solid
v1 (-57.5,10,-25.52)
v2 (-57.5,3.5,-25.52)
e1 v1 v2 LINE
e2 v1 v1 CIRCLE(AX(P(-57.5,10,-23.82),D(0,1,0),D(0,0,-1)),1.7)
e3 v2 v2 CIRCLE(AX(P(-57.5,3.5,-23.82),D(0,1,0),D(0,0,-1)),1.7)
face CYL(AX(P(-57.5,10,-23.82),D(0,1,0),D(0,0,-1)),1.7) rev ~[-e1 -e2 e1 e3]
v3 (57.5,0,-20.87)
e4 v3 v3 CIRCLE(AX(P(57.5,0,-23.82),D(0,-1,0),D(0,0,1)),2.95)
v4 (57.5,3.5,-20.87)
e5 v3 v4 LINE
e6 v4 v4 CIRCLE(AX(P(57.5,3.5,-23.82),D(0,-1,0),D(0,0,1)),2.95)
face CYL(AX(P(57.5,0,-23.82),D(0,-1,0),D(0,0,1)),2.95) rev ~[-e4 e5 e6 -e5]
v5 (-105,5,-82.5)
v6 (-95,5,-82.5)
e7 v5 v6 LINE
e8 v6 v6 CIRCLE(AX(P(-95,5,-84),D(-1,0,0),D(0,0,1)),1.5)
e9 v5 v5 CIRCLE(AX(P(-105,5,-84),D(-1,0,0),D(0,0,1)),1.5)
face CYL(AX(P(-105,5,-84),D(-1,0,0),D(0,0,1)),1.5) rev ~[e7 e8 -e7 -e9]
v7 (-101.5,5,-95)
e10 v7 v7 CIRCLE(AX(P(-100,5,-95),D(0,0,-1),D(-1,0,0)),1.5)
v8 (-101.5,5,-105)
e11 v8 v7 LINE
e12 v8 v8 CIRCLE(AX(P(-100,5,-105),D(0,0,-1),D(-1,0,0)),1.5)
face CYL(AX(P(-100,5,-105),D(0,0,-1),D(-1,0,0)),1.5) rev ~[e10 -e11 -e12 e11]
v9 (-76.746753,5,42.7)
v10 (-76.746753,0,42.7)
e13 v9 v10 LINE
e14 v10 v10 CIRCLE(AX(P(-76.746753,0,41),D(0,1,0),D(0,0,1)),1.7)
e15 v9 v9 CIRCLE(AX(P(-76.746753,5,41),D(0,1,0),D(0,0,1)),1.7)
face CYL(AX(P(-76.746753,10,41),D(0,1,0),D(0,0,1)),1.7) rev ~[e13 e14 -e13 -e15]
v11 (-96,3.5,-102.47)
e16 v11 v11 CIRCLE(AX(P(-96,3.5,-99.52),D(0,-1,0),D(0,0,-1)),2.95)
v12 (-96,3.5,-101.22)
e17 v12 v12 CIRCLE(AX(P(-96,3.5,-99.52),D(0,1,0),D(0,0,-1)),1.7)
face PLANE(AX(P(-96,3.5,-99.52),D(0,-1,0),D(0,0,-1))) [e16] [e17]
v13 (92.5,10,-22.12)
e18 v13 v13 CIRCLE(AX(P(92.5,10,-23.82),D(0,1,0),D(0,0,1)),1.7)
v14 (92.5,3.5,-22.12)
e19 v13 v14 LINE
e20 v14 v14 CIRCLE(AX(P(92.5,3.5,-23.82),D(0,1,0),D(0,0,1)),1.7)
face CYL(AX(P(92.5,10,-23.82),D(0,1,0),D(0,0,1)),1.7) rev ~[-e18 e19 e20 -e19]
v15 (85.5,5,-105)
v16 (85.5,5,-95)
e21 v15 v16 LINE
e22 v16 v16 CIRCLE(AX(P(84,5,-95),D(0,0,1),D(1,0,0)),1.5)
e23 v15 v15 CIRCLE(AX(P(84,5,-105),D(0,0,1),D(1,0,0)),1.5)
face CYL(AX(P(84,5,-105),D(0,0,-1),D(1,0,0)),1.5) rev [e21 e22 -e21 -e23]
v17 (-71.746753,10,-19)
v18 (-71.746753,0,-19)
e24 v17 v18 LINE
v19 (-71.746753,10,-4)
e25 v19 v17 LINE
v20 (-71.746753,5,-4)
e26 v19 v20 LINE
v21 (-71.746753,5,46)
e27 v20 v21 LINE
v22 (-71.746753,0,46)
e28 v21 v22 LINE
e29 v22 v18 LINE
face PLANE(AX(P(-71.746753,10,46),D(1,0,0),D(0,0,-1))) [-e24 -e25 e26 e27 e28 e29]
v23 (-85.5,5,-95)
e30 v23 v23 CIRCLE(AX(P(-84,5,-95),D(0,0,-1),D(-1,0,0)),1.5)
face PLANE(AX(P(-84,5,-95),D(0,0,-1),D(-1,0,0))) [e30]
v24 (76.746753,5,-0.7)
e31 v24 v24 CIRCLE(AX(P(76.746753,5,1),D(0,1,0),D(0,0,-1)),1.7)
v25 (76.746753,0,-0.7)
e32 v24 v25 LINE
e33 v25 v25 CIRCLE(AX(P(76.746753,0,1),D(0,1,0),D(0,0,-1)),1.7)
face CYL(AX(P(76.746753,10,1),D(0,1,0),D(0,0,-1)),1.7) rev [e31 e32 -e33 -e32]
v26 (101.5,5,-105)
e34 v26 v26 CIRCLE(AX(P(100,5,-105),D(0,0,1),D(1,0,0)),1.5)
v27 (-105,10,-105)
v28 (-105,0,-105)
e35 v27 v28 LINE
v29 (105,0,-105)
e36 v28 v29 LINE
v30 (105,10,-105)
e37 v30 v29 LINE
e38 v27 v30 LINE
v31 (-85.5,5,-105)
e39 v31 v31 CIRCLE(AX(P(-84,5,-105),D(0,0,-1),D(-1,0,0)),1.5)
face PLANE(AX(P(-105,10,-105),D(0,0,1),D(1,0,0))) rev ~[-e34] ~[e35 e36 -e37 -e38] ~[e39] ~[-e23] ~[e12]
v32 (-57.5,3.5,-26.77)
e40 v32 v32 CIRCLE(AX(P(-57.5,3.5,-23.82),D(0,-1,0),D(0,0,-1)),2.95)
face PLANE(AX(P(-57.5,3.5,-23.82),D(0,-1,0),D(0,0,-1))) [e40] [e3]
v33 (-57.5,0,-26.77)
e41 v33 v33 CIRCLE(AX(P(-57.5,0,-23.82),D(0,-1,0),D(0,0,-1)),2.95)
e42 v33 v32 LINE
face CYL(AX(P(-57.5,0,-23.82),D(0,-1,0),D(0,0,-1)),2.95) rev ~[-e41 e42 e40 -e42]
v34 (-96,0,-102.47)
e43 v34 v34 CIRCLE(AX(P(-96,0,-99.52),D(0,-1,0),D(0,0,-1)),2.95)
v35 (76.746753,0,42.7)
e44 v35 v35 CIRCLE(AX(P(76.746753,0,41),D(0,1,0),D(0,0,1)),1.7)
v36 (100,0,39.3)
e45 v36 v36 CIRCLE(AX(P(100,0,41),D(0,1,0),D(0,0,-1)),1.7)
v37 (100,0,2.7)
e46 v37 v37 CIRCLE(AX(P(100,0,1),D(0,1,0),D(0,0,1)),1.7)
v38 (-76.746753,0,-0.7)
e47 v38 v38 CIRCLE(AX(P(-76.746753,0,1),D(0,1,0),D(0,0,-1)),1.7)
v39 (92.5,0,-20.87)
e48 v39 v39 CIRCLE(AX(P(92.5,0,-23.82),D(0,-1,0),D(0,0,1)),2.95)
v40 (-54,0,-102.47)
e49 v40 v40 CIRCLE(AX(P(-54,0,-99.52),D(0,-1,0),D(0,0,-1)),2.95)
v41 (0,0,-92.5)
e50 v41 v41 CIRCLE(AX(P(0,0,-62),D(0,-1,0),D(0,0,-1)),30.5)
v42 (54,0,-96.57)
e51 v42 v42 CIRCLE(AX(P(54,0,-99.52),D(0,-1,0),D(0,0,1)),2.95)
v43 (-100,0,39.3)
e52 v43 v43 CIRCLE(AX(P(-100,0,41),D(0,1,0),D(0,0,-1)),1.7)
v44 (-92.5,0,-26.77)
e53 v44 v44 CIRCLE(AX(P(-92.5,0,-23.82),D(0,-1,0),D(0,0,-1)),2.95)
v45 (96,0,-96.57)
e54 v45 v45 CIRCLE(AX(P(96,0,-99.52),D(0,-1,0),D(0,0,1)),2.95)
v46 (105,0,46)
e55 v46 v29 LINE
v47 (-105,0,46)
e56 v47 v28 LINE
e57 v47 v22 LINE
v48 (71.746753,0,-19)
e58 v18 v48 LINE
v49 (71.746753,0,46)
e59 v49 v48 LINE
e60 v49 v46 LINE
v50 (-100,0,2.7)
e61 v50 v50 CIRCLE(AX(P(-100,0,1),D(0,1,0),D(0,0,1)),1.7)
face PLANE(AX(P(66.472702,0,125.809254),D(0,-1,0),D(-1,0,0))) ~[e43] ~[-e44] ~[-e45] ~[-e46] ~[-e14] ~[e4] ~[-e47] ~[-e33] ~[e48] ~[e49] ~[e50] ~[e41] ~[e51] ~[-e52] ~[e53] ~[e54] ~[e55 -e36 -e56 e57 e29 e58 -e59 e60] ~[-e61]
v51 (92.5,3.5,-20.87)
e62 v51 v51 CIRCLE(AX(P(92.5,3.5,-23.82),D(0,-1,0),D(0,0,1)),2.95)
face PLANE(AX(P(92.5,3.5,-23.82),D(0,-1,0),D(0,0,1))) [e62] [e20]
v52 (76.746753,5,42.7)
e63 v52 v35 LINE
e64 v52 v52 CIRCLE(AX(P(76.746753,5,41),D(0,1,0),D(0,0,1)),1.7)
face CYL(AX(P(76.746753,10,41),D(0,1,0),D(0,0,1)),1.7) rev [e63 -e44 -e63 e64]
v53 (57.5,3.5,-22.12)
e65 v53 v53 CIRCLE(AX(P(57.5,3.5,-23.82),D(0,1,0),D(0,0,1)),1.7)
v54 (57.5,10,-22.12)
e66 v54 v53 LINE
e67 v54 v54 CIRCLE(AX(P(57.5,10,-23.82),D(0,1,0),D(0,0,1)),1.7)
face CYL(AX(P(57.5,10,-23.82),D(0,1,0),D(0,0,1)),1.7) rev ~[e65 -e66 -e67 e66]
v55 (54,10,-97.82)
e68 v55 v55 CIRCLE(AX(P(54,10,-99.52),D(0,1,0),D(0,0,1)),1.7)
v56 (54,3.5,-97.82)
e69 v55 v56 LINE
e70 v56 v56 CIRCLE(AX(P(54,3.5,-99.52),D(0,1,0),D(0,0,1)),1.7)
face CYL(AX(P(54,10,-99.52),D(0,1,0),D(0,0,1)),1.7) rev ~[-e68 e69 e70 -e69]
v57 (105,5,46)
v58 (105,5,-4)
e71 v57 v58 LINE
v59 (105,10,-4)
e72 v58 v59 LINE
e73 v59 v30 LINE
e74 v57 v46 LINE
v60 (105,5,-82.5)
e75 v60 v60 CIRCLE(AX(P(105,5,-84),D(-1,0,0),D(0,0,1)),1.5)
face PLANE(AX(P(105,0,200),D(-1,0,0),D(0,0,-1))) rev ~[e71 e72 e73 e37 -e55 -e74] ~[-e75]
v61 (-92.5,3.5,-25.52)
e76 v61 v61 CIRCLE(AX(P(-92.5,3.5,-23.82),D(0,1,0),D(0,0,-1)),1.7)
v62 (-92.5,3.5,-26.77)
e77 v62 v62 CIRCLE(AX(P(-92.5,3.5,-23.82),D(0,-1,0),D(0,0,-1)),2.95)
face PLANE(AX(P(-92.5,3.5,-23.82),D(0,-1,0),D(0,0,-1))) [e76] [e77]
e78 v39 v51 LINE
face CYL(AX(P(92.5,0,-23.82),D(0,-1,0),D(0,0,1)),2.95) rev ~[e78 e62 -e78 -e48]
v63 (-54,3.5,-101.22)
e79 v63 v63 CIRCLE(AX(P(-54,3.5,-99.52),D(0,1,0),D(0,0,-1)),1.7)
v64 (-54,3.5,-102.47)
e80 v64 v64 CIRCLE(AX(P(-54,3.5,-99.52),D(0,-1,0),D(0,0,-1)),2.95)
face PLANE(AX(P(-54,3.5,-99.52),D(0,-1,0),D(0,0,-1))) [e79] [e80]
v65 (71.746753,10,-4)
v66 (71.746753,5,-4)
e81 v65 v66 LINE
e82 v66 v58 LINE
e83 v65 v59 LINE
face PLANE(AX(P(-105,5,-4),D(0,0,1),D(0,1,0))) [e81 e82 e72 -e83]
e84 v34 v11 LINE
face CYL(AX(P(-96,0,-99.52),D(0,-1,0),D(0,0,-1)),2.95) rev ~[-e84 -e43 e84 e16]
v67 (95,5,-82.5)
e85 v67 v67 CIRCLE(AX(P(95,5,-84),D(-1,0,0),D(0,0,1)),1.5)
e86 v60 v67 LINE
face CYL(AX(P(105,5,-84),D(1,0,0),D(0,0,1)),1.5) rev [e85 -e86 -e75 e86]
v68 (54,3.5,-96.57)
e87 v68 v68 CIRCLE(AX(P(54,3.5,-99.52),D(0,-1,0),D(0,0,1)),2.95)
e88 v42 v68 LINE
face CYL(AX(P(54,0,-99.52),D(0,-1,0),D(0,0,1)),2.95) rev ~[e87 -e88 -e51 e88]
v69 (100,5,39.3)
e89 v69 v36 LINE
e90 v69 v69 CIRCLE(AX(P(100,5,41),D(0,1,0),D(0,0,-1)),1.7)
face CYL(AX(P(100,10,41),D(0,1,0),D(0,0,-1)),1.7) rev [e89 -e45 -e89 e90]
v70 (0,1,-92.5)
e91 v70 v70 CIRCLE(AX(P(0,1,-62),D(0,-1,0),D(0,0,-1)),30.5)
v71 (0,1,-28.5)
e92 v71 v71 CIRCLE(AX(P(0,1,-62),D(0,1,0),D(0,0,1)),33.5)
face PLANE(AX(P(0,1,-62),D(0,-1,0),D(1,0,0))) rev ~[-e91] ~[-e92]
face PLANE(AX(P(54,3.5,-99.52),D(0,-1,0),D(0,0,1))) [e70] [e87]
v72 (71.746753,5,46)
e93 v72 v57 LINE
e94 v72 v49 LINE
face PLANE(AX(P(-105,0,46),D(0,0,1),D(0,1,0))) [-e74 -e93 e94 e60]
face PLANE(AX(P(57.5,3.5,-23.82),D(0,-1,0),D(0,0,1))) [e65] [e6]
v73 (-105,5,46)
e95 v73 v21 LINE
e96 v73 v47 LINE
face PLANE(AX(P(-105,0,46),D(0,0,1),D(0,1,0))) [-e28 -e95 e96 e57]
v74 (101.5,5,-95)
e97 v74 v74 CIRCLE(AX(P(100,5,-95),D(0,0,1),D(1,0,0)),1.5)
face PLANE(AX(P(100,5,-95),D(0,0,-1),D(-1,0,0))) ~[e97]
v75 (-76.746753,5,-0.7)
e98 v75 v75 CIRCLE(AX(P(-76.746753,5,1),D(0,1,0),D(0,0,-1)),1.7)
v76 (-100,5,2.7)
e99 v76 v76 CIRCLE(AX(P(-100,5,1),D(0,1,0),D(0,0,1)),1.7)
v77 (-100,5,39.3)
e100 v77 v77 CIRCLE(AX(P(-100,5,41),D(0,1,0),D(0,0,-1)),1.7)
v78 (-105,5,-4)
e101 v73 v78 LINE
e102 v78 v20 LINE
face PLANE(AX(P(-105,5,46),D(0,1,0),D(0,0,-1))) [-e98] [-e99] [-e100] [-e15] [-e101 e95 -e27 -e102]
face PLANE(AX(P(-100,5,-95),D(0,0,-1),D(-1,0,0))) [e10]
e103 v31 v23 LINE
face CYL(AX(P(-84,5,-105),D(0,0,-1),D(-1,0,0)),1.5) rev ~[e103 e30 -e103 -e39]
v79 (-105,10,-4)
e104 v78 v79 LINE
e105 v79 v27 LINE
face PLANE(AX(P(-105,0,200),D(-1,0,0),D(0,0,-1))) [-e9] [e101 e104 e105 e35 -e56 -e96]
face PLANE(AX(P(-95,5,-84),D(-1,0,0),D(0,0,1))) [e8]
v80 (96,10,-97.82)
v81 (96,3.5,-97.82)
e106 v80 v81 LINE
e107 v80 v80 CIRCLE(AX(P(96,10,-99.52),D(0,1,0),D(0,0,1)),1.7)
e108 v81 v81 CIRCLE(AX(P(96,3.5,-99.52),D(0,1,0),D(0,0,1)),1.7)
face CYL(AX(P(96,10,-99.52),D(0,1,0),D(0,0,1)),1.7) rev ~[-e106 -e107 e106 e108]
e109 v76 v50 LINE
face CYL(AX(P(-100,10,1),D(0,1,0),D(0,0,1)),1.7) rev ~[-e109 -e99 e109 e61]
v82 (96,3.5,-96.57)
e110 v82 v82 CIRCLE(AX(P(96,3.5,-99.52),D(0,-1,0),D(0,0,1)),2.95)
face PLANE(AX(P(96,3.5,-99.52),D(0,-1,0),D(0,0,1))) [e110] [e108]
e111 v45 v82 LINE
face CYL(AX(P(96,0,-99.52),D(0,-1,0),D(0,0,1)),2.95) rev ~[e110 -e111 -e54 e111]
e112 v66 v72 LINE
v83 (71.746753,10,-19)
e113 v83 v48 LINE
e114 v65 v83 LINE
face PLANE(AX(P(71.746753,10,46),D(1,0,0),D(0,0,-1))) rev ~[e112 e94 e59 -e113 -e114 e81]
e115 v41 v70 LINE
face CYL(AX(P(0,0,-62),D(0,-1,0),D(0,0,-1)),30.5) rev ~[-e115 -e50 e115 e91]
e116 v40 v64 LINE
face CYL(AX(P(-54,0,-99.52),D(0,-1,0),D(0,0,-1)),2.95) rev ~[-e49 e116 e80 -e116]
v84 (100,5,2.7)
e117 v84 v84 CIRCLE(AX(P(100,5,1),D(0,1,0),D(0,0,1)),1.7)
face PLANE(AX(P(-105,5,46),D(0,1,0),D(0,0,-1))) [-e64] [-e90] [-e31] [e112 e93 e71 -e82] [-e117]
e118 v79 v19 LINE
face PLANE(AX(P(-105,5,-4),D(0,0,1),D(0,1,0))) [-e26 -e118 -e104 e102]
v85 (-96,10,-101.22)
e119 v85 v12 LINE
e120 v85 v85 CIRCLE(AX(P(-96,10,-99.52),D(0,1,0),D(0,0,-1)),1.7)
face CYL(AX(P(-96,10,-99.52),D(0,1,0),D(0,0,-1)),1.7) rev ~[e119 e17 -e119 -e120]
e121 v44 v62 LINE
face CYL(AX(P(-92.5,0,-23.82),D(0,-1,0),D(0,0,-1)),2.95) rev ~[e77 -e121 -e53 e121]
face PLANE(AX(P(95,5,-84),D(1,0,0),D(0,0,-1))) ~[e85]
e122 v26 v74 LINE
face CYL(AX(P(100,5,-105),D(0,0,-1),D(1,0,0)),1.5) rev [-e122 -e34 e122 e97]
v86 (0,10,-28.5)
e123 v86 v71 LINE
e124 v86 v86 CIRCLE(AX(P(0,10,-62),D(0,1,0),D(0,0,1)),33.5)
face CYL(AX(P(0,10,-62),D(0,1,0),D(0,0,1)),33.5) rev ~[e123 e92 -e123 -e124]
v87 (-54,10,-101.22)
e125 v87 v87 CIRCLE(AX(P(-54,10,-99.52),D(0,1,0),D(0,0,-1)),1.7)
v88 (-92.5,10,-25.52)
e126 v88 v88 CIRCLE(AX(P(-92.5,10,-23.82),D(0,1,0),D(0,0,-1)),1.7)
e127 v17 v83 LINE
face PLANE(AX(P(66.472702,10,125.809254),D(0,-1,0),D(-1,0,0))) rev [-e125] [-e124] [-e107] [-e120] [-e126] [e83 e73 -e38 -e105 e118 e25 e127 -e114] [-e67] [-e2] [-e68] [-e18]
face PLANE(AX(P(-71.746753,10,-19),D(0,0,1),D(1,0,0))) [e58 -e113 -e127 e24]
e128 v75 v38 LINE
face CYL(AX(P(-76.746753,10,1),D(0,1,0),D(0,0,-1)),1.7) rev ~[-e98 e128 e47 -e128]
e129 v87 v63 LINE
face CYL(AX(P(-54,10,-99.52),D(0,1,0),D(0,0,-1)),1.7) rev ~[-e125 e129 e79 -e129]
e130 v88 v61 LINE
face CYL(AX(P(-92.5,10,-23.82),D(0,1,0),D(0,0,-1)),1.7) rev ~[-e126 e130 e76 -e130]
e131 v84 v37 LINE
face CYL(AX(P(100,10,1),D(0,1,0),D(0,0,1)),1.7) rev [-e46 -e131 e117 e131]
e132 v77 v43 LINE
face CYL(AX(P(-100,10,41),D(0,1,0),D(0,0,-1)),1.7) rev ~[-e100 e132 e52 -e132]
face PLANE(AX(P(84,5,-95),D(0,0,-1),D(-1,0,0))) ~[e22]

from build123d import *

# Parameters (mm, degrees)
SKIZZE1_W                        = 210
SKIZZE1_H                        = 400
AUFSATZ_LINEAR_AUSTRAGEN1_DEPTH  = 10
SKIZZE5_W                        = 210
SKIZZE5_H                        = 95
SCHNITT_LINEAR_AUSTRAGEN2_DEPTH  = 10
SKIZZE6_R                        = 1.7
SCHNITT_LINEAR_AUSTRAGEN3_DEPTH  = 227.108381092
SCHNITT_LINEAR_AUSTRAGEN4_DEPTH  = 4
SKIZZE16_W                       = 35
SKIZZE16_H                       = 7
SCHNITT_LINEAR_AUSTRAGEN10_DEPTH = 5
SCHNITT_LINEAR_AUSTRAGEN11_DEPTH = 35
SKIZZE20_R                       = 1.7
SCHNITT_LINEAR_AUSTRAGEN12_DEPTH = 227.108381092
SKIZZE21_W                       = 143.493506494
SKIZZE21_H                       = 65
SCHNITT_LINEAR_AUSTRAGEN13_DEPTH = 227.108381092
SCHNITT_LINEAR_AUSTRAGEN14_DEPTH = 227.108381092
AUFSATZ_LINEAR_AUSTRAGEN6_DEPTH  = 10
SKIZZE25_R                       = 1.7
SCHNITT_LINEAR_AUSTRAGEN15_DEPTH = 227.108381092
SCHNITT_LINEAR_AUSTRAGEN16_DEPTH = 291.172362571
SKIZZE27_R                       = 33.5
SCHNITT_LINEAR_AUSTRAGEN17_DEPTH = 149.828760661
SKIZZE28_R                       = 36.006256149
SKIZZE28_R_2                     = 30.5
AUFSATZ_LINEAR_AUSTRAGEN7_DEPTH  = 1
SKIZZE29_R                       = 1.5
SCHNITT_LINEAR_AUSTRAGEN18_DEPTH = 10
SKIZZE30_R                       = 1.5
SCHNITT_LINEAR_AUSTRAGEN19_DEPTH = 10
SKIZZE31_R                       = 2.95
SCHNITT_LINEAR_AUSTRAGEN20_DEPTH = 3.5


with BuildPart() as part:
    # Skizze1 → Aufsatz-Linear austragen1 (new body)
    with BuildSketch(Plane(origin=(0, 0, 0), x_dir=(1, 0, 0), z_dir=(0, 1, 0))):
        Rectangle(SKIZZE1_W, SKIZZE1_H)
    extrude(amount=AUFSATZ_LINEAR_AUSTRAGEN1_DEPTH)

    # Skizze5 → Schnitt-Linear austragen2 (cut)
    with BuildSketch(Plane(origin=(0, 10, 0), x_dir=(1, 0, 0), z_dir=(0, 1, 0))):
        Polygon((105, -200), (18, -200), (105, -46), align=None)
        Polygon((-18, -200), (-105, -46), (-105, -200), align=None)
        with Locations((0, 152.5)):
            Rectangle(SKIZZE5_W, SKIZZE5_H)
        Polygon((71.746753247, -46), (-71.746753247, -46), (-2.824675325, -168), (2.824675325, -168), align=None)
    extrude(amount=-SCHNITT_LINEAR_AUSTRAGEN2_DEPTH, mode=Mode.SUBTRACT)

    # Skizze6 → Schnitt-Linear austragen3 (cut, through all)
    with BuildSketch(Plane(origin=(0, 10, 0), x_dir=(1, 0, 0), z_dir=(0, 1, 0))):
        with Locations(Location((-11, -195, 0), (0, 0, 270))):
            Circle(SKIZZE6_R)
        with Locations(Location((-11, -178.18, 0), (0, 0, 90))):
            Circle(SKIZZE6_R)
        with Locations(Location((11, -195, 0), (0, 0, 90))):
            Circle(SKIZZE6_R)
        with Locations(Location((11, -178.18, 0), (0, 0, 270))):
            Circle(SKIZZE6_R)
    extrude(amount=-SCHNITT_LINEAR_AUSTRAGEN3_DEPTH, mode=Mode.SUBTRACT)

    # Skizze7 → Schnitt-Linear austragen4 (cut)
    with BuildSketch(Plane.XZ):
        Polygon((-11, 198.406366588), (-8.05, 196.703183294), (-8.05, 193.296816706), (-11, 191.593633412), (-13.95, 193.296816706), (-13.95, 196.703183294), align=None)
        Polygon((11, 198.406366588), (8.05, 196.703183294), (8.05, 193.296816706), (11, 191.593633412), (13.95, 193.296816706), (13.95, 196.703183294), align=None)
        Polygon((-8.05, 176.476816706), (-8.05, 179.883183294), (-11, 181.586366588), (-13.95, 179.883183294), (-13.95, 176.476816706), (-11, 174.773633412), align=None)
        Polygon((8.05, 176.476816706), (8.05, 179.883183294), (11, 181.586366588), (13.95, 179.883183294), (13.95, 176.476816706), (11, 174.773633412), align=None)
    extrude(amount=-SCHNITT_LINEAR_AUSTRAGEN4_DEPTH, mode=Mode.SUBTRACT)

    # Skizze16 → Schnitt-Linear austragen10 (cut)
    with BuildSketch(Plane.XZ):
        with Locations((0, 186.59)):
            Rectangle(SKIZZE16_W, SKIZZE16_H)
    extrude(amount=-SCHNITT_LINEAR_AUSTRAGEN10_DEPTH, mode=Mode.SUBTRACT)

    # Skizze17 → Schnitt-Linear austragen11 (cut)
    with BuildSketch(Plane.ZY.offset(-17.5)):
        Polygon((183.09, 5), (186.59, 8.5), (190.09, 5), align=None)
    extrude(amount=SCHNITT_LINEAR_AUSTRAGEN11_DEPTH, mode=Mode.SUBTRACT)

    # Skizze20 → Schnitt-Linear austragen12 (cut, through all)
    with BuildSketch(Plane(origin=(0, 10, 0), x_dir=(1, 0, 0), z_dir=(0, 1, 0))):
        with Locations(Location((96, 99.52, 0), (0, 0, 270))):
            Circle(SKIZZE20_R)
        with Locations(Location((54, 99.52, 0), (0, 0, 270))):
            Circle(SKIZZE20_R)
        with Locations(Location((-54, 99.52, 0), (0, 0, 90))):
            Circle(SKIZZE20_R)
        with Locations(Location((-96, 99.52, 0), (0, 0, 90))):
            Circle(SKIZZE20_R)
        with Locations(Location((92.5, 23.82, 0), (0, 0, 270))):
            Circle(SKIZZE20_R)
        with Locations(Location((57.5, 23.82, 0), (0, 0, 270))):
            Circle(SKIZZE20_R)
        with Locations(Location((-92.5, 23.82, 0), (0, 0, 90))):
            Circle(SKIZZE20_R)
        with Locations(Location((-57.5, 23.82, 0), (0, 0, 90))):
            Circle(SKIZZE20_R)
    extrude(amount=-SCHNITT_LINEAR_AUSTRAGEN12_DEPTH, mode=Mode.SUBTRACT)

    # Skizze21 → Schnitt-Linear austragen13 (cut, through all)
    with BuildSketch(Plane(origin=(0, 10, 0), x_dir=(1, 0, 0), z_dir=(0, 1, 0))):
        with Locations((0, -13.5)):
            Rectangle(SKIZZE21_W, SKIZZE21_H)
    extrude(amount=-SCHNITT_LINEAR_AUSTRAGEN13_DEPTH, mode=Mode.SUBTRACT)

    # Skizze22 → Schnitt-Linear austragen14 (cut, through all)
    with BuildSketch(Plane(origin=(0, 10, 0), x_dir=(1, 0, 0), z_dir=(0, 1, 0))):
        with BuildLine():
            Line((-71.746753247, -46), (-2.824675325, -168))
            ThreePointArc((-2.824675325, -168), (-55.506711033, -117.293679981), (-71.746753247, -46))
        make_face()
    schnitt_linear_austragen14 = extrude(amount=-SCHNITT_LINEAR_AUSTRAGEN14_DEPTH, mode=Mode.SUBTRACT)

    # Skizze23 → Aufsatz-Linear austragen6 (add)
    with BuildSketch(Plane(origin=(0, 10, 0), x_dir=(1, 0, 0), z_dir=(0, 1, 0))):
        with BuildLine():
            Line((-105, -46), (-18, -200))
            ThreePointArc((-18, -200), (-78.088357737, -132.371344955), (-105, -46))
        make_face()
    aufsatz_linear_austragen6 = extrude(amount=-AUFSATZ_LINEAR_AUSTRAGEN6_DEPTH)

    # Spiegeln2: Schnitt-Linear austragen14, Aufsatz-Linear austragen6 across plane
    add(schnitt_linear_austragen14.mirror(Plane(origin=(0, 0, 0), x_dir=(0, 0, 1), z_dir=(1, 0, 0))), mode=Mode.SUBTRACT)
    add(aufsatz_linear_austragen6.mirror(Plane(origin=(0, 0, 0), x_dir=(0, 0, 1), z_dir=(1, 0, 0))))

    # Skizze25 → Schnitt-Linear austragen15 (cut, through all)
    with BuildSketch(Plane(origin=(0, 10, 0), x_dir=(1, 0, 0), z_dir=(0, 1, 0))):
        with Locations(Location((-100, -1, 0), (0, 0, 270))):
            Circle(SKIZZE25_R)
        with Locations(Location((-76.746753247, -1, 0), (0, 0, 90))):
            Circle(SKIZZE25_R)
        with Locations(Location((-76.746753247, -41, 0), (0, 0, 270))):
            Circle(SKIZZE25_R)
        with Locations(Location((-100, -41, 0), (0, 0, 90))):
            Circle(SKIZZE25_R)
    schnitt_linear_austragen15 = extrude(amount=-SCHNITT_LINEAR_AUSTRAGEN15_DEPTH, mode=Mode.SUBTRACT)

    # Spiegeln3: Schnitt-Linear austragen15 across plane
    add(schnitt_linear_austragen15.mirror(Plane(origin=(0, 0, 0), x_dir=(0, 0, 1), z_dir=(1, 0, 0))), mode=Mode.SUBTRACT)

    # Skizze26 → Schnitt-Linear austragen16 (cut, through all)
    with BuildSketch(Plane.ZY.offset(105)):
        Polygon((-4, 5), (-4, 13.101486595), (200.684563047, 82.546277137), (242.997216492, -41.037631402), (91.241487897, -60.284782055), (46, 0), (46, 5), align=None)
    extrude(amount=-SCHNITT_LINEAR_AUSTRAGEN16_DEPTH, mode=Mode.SUBTRACT)

    # Skizze27 → Schnitt-Linear austragen17 (cut, through all)
    with BuildSketch(Plane(origin=(0, 10, 0), x_dir=(1, 0, 0), z_dir=(0, 1, 0))):
        with Locations(Location((0, 62, 0), (0, 0, 270))):
            Circle(SKIZZE27_R)
    extrude(amount=-SCHNITT_LINEAR_AUSTRAGEN17_DEPTH, mode=Mode.SUBTRACT)

    # Skizze28 → Aufsatz-Linear austragen7 (add)
    with BuildSketch(Plane.XZ):
        with Locations((0, -62)):
            Circle(SKIZZE28_R)
        with Locations(Location((0, -62, 0), (0, 0, 270))):
            Circle(SKIZZE28_R_2, mode=Mode.SUBTRACT)
    extrude(amount=-AUFSATZ_LINEAR_AUSTRAGEN7_DEPTH)

    # Skizze29 → Schnitt-Linear austragen18 (cut)
    with BuildSketch(Plane.ZY.offset(105)):
        with Locations((-84, 5)):
            Circle(SKIZZE29_R)
    schnitt_linear_austragen18 = extrude(amount=-SCHNITT_LINEAR_AUSTRAGEN18_DEPTH, mode=Mode.SUBTRACT)

    # Skizze30 → Schnitt-Linear austragen19 (cut)
    with BuildSketch(Plane(origin=(0, 0, -105), x_dir=(-1, 0, 0), z_dir=(0, 0, -1))):
        with Locations((100, 5)):
            Circle(SKIZZE30_R)
        with Locations((84, 5)):
            Circle(SKIZZE30_R)
    schnitt_linear_austragen19 = extrude(amount=-SCHNITT_LINEAR_AUSTRAGEN19_DEPTH, mode=Mode.SUBTRACT)

    # Spiegeln4: Schnitt-Linear austragen18, Schnitt-Linear austragen19 across plane
    add(schnitt_linear_austragen18.mirror(Plane(origin=(0, 0, 0), x_dir=(0, 0, 1), z_dir=(1, 0, 0))), mode=Mode.SUBTRACT)
    add(schnitt_linear_austragen19.mirror(Plane(origin=(0, 0, 0), x_dir=(0, 0, 1), z_dir=(1, 0, 0))), mode=Mode.SUBTRACT)

    # Skizze31 → Schnitt-Linear austragen20 (cut)
    with BuildSketch(Plane.XZ):
        with Locations(Location((-96, -99.52, 0), (0, 0, 270))):
            Circle(SKIZZE31_R)
        with Locations(Location((-54, -99.52, 0), (0, 0, 270))):
            Circle(SKIZZE31_R)
        with Locations(Location((-92.5, -23.82, 0), (0, 0, 270))):
            Circle(SKIZZE31_R)
        with Locations(Location((-57.5, -23.82, 0), (0, 0, 270))):
            Circle(SKIZZE31_R)
        with Locations(Location((57.5, -23.82, 0), (0, 0, 90))):
            Circle(SKIZZE31_R)
        with Locations(Location((92.5, -23.82, 0), (0, 0, 90))):
            Circle(SKIZZE31_R)
        with Locations(Location((54, -99.52, 0), (0, 0, 90))):
            Circle(SKIZZE31_R)
        with Locations(Location((96, -99.52, 0), (0, 0, 90))):
            Circle(SKIZZE31_R)
    extrude(amount=-SCHNITT_LINEAR_AUSTRAGEN20_DEPTH, mode=Mode.SUBTRACT)


solid = part.part
